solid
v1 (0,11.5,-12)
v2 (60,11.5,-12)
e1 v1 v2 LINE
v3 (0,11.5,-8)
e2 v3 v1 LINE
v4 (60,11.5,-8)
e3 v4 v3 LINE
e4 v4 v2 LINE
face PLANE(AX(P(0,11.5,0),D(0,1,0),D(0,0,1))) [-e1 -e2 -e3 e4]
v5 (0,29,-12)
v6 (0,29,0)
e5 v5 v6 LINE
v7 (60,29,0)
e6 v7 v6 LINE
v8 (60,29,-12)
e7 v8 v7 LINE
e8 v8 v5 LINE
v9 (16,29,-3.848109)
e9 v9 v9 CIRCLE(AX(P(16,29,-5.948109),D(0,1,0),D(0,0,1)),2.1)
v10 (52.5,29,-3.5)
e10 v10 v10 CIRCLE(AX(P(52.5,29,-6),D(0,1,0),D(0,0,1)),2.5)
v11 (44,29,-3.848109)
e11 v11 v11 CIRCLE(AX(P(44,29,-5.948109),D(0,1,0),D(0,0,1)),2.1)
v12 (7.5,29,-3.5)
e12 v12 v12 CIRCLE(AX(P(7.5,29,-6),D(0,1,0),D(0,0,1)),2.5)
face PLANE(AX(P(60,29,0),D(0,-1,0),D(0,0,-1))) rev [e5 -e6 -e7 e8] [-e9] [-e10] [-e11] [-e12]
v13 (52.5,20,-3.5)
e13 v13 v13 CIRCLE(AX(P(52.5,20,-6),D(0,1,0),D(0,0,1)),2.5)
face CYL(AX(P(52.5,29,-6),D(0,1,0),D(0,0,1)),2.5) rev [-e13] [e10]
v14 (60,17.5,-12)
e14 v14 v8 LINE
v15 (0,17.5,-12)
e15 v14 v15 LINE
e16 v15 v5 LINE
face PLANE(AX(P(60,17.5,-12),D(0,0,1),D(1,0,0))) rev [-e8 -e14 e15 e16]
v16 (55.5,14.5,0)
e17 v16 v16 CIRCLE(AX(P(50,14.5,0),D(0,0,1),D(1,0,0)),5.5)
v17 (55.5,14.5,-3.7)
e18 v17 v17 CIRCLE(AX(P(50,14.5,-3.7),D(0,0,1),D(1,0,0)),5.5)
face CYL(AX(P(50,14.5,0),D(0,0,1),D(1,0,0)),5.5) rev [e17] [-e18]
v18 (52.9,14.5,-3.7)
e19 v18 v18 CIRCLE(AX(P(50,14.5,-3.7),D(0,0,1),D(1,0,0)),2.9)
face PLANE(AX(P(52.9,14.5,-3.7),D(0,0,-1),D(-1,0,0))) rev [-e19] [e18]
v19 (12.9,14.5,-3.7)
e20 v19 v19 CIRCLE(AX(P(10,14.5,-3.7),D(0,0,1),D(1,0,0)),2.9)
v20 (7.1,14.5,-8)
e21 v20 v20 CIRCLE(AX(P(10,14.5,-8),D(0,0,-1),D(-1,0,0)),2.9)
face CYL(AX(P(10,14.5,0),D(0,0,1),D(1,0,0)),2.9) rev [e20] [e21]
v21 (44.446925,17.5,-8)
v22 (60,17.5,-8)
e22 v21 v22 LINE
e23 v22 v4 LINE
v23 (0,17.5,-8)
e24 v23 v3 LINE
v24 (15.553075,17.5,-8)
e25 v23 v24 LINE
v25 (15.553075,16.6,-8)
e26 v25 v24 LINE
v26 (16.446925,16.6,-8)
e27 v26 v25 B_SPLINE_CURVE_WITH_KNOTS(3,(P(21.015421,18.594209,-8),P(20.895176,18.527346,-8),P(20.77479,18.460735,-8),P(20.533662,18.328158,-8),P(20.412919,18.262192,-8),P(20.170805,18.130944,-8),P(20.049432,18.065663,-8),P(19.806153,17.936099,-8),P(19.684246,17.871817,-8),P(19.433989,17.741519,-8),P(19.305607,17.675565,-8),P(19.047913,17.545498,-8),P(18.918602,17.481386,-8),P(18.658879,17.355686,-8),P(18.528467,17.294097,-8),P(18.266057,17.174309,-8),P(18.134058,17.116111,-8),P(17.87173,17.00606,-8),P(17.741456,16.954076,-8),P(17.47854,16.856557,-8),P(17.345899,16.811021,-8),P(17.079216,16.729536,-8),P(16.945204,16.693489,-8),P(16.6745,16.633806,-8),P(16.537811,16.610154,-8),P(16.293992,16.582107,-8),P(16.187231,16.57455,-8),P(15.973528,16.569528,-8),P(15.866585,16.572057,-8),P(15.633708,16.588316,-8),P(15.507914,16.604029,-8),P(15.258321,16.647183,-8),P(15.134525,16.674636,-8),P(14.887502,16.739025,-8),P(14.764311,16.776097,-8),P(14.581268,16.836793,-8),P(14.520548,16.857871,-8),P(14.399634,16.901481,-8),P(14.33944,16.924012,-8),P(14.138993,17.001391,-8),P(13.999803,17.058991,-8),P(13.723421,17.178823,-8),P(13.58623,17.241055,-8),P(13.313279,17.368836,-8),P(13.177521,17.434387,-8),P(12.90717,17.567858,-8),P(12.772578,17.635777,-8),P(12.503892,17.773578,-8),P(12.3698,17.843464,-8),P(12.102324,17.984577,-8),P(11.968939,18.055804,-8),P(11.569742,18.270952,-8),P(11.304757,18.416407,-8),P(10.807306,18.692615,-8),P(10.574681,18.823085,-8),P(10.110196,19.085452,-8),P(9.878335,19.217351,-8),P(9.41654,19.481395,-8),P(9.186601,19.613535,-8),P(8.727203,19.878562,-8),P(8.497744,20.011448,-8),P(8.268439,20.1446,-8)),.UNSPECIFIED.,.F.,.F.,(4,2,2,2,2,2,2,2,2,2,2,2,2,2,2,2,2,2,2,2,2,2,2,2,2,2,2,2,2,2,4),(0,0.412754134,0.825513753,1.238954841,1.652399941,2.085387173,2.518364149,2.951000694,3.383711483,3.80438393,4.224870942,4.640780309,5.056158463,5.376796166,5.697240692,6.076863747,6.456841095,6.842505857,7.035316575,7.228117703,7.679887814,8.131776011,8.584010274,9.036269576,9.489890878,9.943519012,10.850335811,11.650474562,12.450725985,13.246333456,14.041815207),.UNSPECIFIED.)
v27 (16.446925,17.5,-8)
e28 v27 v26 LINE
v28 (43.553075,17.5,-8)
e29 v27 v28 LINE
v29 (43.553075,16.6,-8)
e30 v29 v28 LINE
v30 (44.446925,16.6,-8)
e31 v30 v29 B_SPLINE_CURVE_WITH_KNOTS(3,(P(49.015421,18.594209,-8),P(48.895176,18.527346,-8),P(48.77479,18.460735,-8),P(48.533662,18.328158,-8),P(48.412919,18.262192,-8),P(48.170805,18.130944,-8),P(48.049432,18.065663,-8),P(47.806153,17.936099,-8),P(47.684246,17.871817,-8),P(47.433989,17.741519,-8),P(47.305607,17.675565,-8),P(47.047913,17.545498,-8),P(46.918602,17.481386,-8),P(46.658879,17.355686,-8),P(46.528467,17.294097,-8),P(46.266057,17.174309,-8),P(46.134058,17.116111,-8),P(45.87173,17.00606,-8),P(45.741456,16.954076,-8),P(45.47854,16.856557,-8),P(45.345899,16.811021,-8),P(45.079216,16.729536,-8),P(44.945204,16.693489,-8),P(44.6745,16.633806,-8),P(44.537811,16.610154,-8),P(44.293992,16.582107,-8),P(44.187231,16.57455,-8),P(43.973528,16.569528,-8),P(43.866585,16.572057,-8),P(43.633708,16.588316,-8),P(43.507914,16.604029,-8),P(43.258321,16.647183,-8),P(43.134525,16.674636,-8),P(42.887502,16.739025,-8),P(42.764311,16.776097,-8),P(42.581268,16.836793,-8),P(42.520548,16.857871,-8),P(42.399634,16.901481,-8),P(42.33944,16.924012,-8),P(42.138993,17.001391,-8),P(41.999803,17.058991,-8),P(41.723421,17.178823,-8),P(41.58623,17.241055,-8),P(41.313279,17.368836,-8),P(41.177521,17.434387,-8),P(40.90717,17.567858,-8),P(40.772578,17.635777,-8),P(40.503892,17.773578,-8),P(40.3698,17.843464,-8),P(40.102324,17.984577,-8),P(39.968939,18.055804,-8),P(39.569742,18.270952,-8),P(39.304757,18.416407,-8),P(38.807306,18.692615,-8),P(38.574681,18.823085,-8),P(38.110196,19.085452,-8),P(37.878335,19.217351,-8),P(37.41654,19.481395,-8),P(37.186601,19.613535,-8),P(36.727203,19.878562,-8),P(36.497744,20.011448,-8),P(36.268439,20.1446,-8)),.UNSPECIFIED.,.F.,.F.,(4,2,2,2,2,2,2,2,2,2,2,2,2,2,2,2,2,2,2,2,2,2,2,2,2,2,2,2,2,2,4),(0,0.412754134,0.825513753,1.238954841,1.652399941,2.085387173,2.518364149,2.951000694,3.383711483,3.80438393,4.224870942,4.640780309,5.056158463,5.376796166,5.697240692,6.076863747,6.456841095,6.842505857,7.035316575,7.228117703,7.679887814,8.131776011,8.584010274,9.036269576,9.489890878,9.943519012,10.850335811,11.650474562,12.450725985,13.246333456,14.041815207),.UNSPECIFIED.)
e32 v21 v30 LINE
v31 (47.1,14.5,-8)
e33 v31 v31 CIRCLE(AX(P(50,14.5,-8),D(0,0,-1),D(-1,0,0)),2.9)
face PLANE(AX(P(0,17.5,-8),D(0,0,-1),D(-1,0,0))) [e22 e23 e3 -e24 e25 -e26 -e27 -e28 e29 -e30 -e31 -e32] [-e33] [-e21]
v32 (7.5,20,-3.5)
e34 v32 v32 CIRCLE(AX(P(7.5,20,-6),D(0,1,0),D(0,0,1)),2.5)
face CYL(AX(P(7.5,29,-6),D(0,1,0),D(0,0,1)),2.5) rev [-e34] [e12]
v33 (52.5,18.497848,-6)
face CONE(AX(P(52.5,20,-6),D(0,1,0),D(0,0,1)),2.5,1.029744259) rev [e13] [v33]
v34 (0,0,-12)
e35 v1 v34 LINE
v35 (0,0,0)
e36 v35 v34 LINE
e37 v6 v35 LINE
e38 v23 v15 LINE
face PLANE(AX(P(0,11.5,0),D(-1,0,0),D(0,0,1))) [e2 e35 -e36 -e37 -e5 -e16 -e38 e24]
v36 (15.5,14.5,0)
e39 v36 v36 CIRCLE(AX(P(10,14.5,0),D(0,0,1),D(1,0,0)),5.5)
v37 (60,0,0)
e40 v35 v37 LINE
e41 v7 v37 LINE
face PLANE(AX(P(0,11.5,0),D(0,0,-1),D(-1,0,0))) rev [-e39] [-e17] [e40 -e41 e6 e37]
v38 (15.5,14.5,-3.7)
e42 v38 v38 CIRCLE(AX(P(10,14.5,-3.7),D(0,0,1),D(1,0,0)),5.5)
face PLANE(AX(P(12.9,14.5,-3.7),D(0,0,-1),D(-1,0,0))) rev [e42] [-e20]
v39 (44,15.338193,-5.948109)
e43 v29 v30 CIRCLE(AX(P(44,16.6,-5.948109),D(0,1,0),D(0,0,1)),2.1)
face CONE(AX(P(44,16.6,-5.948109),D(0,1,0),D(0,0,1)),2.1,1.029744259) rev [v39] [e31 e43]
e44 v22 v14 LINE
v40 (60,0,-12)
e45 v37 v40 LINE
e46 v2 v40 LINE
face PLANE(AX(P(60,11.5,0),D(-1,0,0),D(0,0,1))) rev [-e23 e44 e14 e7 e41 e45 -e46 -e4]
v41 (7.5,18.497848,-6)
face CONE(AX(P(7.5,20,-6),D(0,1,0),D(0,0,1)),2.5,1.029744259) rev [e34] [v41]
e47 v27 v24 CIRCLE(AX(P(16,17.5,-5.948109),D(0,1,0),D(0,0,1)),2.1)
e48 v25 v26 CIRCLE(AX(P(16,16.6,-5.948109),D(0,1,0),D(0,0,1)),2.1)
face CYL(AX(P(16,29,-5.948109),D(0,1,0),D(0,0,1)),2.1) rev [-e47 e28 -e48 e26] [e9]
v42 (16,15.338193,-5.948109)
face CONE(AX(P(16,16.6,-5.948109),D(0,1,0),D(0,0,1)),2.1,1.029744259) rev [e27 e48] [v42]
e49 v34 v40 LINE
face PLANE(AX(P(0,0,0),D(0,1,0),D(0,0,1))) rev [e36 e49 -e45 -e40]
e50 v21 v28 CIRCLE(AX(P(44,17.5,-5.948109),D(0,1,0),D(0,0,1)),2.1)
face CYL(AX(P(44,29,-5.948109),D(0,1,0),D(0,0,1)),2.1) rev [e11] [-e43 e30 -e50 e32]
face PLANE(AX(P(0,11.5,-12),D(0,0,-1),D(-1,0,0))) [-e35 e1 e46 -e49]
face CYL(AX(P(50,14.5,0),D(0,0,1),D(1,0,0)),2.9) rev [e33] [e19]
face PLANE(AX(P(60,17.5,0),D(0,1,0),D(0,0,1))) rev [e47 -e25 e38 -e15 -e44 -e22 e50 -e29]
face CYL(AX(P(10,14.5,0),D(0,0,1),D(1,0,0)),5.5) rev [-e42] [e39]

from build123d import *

# Parameters (mm, degrees)
SKETCH1_W                                = 60
SKETCH1_H                                = 12
BOSS_EXTRUDE1_DEPTH                      = 11.5
SKETCH4_W                                = 60
SKETCH4_H                                = 8
BOSS_EXTRUDE2_DEPTH                      = 17.5
SKETCH9_W                                = 12
SKETCH9_H                                = 11.5
BOSS_EXTRUDE3_DEPTH                      = 60
CBORE_FOR_M5_PAN_HEAD_SCREW2_D           = 5.8
CBORE_FOR_M5_PAN_HEAD_SCREW2_DEPTH       = 8.2
CBORE_FOR_M5_PAN_HEAD_SCREW2_CBORE_D     = 11
CBORE_FOR_M5_PAN_HEAD_SCREW2_CBORE_DEPTH = 3.7
CBORE_FOR_M5_PAN_HEAD_SCREW2_TIP         = 1.742495795
F_5_0MM_DOWEL_HOLE7_D                    = 5
F_5_0MM_DOWEL_HOLE7_DEPTH                = 9
F_5_0MM_DOWEL_HOLE7_TIP                  = 1.502151548
F_5_0MM_DOWEL_HOLE8_D                    = 5
F_5_0MM_DOWEL_HOLE8_DEPTH                = 9
F_5_0MM_DOWEL_HOLE8_TIP                  = 1.502151548
M5_TAPPED_HOLE2_D                        = 4.2
M5_TAPPED_HOLE2_DEPTH                    = 12.4
M5_TAPPED_HOLE2_TIP                      = 1.2618073
M5_TAPPED_HOLE3_D                        = 4.2
M5_TAPPED_HOLE3_DEPTH                    = 12.4
M5_TAPPED_HOLE3_TIP                      = 1.2618073


with BuildPart() as part:
    # Sketch1 → Boss-Extrude1 (new body)
    with BuildSketch(Plane(origin=(0, 0, 0), x_dir=(1, 0, 0), z_dir=(0, 1, 0))):
        with Locations((30, 6)):
            Rectangle(SKETCH1_W, SKETCH1_H)
    extrude(amount=BOSS_EXTRUDE1_DEPTH)

    # Sketch4 → Boss-Extrude2 (add)
    with BuildSketch(Plane(origin=(0, 0, 0), x_dir=(1, 0, 0), z_dir=(0, 1, 0))):
        with Locations((30, 4)):
            Rectangle(SKETCH4_W, SKETCH4_H)
    extrude(amount=BOSS_EXTRUDE2_DEPTH)

    # Sketch9 → Boss-Extrude3 (add)
    with BuildSketch(Plane(origin=(0, 0, 0), x_dir=(0, 0, -1), z_dir=(1, 0, 0))):
        with Locations((6, 23.25)):
            Rectangle(SKETCH9_W, SKETCH9_H)
    extrude(amount=BOSS_EXTRUDE3_DEPTH)

    # CBORE for M5 Pan Head Screw2
    with Locations(Plane.XY):
        with Locations((50, 14.5), (10, 14.5)):
            CounterBoreHole(CBORE_FOR_M5_PAN_HEAD_SCREW2_D / 2, CBORE_FOR_M5_PAN_HEAD_SCREW2_CBORE_D / 2, CBORE_FOR_M5_PAN_HEAD_SCREW2_CBORE_DEPTH, depth=CBORE_FOR_M5_PAN_HEAD_SCREW2_DEPTH)
            with Locations((0, 0, -(CBORE_FOR_M5_PAN_HEAD_SCREW2_DEPTH + CBORE_FOR_M5_PAN_HEAD_SCREW2_TIP / 2))):  # 118° drill point
                Cone(0, CBORE_FOR_M5_PAN_HEAD_SCREW2_D / 2, CBORE_FOR_M5_PAN_HEAD_SCREW2_TIP, mode=Mode.SUBTRACT)

    # Ø5.0mm Dowel Hole7
    with Locations(Plane(origin=(0, 29, 0), x_dir=(1, 0, 0), z_dir=(0, 1, 0))):
        with Locations((7.5, 6)):
            Hole(F_5_0MM_DOWEL_HOLE7_D / 2, depth=F_5_0MM_DOWEL_HOLE7_DEPTH)
            with Locations((0, 0, -(F_5_0MM_DOWEL_HOLE7_DEPTH + F_5_0MM_DOWEL_HOLE7_TIP / 2))):  # 118° drill point
                Cone(0, F_5_0MM_DOWEL_HOLE7_D / 2, F_5_0MM_DOWEL_HOLE7_TIP, mode=Mode.SUBTRACT)

    # Ø5.0mm Dowel Hole8
    with Locations(Plane(origin=(0, 29, 0), x_dir=(1, 0, 0), z_dir=(0, 1, 0))):
        with Locations((52.5, 6)):
            Hole(F_5_0MM_DOWEL_HOLE8_D / 2, depth=F_5_0MM_DOWEL_HOLE8_DEPTH)
            with Locations((0, 0, -(F_5_0MM_DOWEL_HOLE8_DEPTH + F_5_0MM_DOWEL_HOLE8_TIP / 2))):  # 118° drill point
                Cone(0, F_5_0MM_DOWEL_HOLE8_D / 2, F_5_0MM_DOWEL_HOLE8_TIP, mode=Mode.SUBTRACT)

    # M5 Tapped Hole2
    with Locations(Plane(origin=(0, 29, 0), x_dir=(1, 0, 0), z_dir=(0, 1, 0))):
        with Locations((16, 5.948108633)):
            Hole(M5_TAPPED_HOLE2_D / 2, depth=M5_TAPPED_HOLE2_DEPTH)
            with Locations((0, 0, -(M5_TAPPED_HOLE2_DEPTH + M5_TAPPED_HOLE2_TIP / 2))):  # 118° drill point
                Cone(0, M5_TAPPED_HOLE2_D / 2, M5_TAPPED_HOLE2_TIP, mode=Mode.SUBTRACT)

    # M5 Tapped Hole3
    with Locations(Plane(origin=(0, 29, 0), x_dir=(1, 0, 0), z_dir=(0, 1, 0))):
        with Locations((44, 5.948108633)):
            Hole(M5_TAPPED_HOLE3_D / 2, depth=M5_TAPPED_HOLE3_DEPTH)
            with Locations((0, 0, -(M5_TAPPED_HOLE3_DEPTH + M5_TAPPED_HOLE3_TIP / 2))):  # 118° drill point
                Cone(0, M5_TAPPED_HOLE3_D / 2, M5_TAPPED_HOLE3_TIP, mode=Mode.SUBTRACT)


solid = part.part
